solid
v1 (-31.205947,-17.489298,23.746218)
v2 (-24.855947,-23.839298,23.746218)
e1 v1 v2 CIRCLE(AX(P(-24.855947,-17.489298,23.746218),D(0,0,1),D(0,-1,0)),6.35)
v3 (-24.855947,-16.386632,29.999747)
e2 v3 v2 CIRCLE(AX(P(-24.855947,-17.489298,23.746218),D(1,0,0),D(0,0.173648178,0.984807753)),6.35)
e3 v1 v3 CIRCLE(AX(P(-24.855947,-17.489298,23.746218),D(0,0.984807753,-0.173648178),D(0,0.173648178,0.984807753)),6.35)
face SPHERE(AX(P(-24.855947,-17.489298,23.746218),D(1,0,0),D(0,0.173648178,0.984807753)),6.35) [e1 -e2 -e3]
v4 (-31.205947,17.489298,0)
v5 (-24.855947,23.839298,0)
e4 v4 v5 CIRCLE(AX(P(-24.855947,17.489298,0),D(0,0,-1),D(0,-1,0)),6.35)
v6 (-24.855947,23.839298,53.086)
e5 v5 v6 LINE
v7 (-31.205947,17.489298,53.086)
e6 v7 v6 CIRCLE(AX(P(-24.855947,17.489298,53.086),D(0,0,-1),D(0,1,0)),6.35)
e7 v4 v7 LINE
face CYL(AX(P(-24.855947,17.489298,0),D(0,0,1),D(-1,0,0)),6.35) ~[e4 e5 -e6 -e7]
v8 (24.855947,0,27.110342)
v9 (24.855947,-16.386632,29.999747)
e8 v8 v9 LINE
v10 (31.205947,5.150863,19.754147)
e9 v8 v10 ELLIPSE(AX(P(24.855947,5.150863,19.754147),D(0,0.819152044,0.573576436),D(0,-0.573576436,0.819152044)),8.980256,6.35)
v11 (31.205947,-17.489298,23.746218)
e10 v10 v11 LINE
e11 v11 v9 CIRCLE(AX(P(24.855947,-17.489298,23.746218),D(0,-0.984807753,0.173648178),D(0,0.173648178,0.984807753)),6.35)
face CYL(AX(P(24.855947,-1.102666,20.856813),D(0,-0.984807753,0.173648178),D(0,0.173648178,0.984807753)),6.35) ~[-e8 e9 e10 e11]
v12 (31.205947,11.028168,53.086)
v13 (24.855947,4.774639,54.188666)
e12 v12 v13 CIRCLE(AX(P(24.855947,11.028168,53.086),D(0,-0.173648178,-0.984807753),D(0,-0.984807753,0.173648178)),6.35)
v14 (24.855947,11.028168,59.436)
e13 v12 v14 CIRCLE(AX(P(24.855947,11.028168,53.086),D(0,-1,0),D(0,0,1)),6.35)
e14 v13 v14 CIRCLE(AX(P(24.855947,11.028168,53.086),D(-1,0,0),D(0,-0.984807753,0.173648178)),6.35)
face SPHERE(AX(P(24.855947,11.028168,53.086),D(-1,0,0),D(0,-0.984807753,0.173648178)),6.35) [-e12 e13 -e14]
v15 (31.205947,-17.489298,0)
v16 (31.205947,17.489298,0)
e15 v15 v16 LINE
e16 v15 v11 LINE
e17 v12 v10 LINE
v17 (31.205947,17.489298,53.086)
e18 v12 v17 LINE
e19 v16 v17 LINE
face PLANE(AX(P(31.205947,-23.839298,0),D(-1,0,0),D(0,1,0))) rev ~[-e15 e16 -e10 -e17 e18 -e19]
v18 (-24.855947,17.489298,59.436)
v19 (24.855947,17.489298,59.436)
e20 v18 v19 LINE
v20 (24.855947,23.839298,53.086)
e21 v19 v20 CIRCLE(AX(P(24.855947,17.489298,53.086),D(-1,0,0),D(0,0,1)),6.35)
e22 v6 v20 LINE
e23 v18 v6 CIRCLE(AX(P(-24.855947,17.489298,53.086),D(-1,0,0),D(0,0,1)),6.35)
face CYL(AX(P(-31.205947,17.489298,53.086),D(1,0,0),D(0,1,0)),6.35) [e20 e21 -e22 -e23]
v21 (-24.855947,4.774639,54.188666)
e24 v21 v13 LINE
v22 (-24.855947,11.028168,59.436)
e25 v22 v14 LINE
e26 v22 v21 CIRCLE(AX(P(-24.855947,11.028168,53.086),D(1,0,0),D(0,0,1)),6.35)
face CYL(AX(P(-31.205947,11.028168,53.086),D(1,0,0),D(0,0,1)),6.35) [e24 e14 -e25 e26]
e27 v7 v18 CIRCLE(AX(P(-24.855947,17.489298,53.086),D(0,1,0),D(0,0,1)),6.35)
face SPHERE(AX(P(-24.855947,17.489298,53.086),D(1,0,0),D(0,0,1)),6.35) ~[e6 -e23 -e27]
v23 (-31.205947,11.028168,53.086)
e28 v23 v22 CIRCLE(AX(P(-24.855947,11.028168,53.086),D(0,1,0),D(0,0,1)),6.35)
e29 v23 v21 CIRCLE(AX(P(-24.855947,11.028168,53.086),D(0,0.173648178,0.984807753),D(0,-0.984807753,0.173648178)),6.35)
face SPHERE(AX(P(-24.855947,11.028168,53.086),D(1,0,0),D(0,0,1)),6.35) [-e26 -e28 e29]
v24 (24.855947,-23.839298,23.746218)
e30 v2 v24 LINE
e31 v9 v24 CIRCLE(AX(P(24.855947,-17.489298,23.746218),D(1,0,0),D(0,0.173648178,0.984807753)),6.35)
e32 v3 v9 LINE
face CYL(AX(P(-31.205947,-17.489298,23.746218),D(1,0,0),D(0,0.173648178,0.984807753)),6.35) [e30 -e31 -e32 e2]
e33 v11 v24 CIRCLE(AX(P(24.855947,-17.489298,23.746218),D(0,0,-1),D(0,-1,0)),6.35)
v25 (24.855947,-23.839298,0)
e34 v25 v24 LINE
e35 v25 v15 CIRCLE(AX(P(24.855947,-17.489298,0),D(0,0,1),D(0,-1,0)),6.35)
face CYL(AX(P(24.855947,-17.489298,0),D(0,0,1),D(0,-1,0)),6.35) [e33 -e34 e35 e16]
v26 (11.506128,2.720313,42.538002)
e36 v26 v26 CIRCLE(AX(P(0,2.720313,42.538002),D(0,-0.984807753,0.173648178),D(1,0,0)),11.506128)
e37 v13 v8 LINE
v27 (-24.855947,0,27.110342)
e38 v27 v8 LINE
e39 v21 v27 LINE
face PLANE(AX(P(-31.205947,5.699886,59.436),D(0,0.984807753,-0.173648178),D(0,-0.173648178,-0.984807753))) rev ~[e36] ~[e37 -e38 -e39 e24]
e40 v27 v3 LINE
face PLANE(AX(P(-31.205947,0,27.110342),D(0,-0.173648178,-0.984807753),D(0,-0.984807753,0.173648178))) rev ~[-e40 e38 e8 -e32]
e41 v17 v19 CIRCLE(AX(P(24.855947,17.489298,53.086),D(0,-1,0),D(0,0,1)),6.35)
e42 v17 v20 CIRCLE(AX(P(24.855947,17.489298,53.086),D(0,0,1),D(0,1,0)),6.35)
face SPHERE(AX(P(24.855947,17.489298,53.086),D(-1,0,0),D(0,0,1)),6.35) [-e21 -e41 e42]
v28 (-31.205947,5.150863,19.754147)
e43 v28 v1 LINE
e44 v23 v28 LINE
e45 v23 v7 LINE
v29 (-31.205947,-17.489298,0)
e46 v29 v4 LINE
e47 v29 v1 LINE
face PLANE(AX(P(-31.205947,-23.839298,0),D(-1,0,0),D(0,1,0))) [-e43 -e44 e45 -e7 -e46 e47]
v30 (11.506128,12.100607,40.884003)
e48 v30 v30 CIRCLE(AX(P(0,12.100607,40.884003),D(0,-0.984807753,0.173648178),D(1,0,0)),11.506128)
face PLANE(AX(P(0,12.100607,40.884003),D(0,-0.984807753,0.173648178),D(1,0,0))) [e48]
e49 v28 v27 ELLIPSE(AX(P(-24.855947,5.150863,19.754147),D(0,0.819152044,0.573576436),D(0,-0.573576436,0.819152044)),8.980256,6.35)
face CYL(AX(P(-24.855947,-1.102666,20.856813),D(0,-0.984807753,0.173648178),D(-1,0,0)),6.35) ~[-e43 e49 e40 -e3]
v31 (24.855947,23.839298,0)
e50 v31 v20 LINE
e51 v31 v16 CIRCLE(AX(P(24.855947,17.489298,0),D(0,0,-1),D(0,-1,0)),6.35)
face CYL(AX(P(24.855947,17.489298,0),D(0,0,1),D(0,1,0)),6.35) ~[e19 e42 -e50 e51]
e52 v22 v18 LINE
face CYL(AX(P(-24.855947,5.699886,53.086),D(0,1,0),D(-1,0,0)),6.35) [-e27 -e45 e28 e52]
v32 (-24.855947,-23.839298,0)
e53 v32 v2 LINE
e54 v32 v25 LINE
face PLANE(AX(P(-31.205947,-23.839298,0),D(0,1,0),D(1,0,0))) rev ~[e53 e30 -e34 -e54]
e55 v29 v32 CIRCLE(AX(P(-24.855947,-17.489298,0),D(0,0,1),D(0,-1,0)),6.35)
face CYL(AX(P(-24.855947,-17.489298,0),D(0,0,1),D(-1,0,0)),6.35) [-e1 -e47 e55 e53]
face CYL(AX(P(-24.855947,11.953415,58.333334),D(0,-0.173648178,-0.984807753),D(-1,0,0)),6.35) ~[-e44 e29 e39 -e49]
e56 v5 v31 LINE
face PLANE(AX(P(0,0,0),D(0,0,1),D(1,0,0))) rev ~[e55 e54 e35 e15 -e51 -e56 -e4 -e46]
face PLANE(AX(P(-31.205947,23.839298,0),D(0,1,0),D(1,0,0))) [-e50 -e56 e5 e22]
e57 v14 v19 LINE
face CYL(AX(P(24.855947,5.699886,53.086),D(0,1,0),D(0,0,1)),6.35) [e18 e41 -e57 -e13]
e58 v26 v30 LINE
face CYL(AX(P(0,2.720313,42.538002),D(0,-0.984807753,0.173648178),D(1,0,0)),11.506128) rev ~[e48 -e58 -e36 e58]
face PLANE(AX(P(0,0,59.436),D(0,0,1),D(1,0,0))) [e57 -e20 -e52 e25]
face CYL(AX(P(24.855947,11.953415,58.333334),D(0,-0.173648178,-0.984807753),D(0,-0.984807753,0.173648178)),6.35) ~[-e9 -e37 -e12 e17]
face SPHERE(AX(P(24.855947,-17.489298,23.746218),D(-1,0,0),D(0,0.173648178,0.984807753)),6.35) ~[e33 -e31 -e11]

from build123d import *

# Parameters (mm, degrees)
F0_W     = 62.4118931592
F0_H     = 47.6785954088
F1_DEPTH = 59.436
F3_DEPTH = 62.4128931592
F4_R     = 11.5061278917
F5_DEPTH = 9.525
F6_R     = 6.35


with BuildPart() as f1:
    # F0 (on Top) → F1 (new body)
    with BuildSketch(Plane.XY):
        Rectangle(F0_W, F0_H)
    extrude(amount=F1_DEPTH)

    # F2 (on face) → F3 (cut, through all)
    with BuildSketch(Plane(origin=(-31.2059465796, 0, 0), x_dir=(0, -1, 0), z_dir=(-1, 0, 0))):
        Polygon((23.8392977044, 59.436), (-5.6998856858, 59.436), (0, 27.1103419363), (23.8392977044, 31.3138533228), align=None)
    extrude(amount=-F3_DEPTH, mode=Mode.SUBTRACT)

    # F4 (on face) → F5 (cut)
    with BuildSketch(Plane(origin=(0, -4.6361415173, 0.8174768359), x_dir=(1, 0, 0), z_dir=(0, -0.984807753, 0.1736481777))):
        with Locations((0, 42.3641316593)):
            Circle(F4_R)
    extrude(amount=-F5_DEPTH, mode=Mode.SUBTRACT)

    # F6
    f6_edges = [f1.edges().sort_by_distance(p)[0] for p in [
        (0, 23.839298, 59.436),
        (31.205947, 14.769592, 59.436),
        (0, 5.699886, 59.436),
        (-31.205947, 14.769592, 59.436),
        (-31.205947, -23.839298, 15.656927),
        (31.205947, -23.839298, 15.656927),
        (0, -23.839298, 31.313853),
        (-31.205947, -11.919649, 29.212098),
        (-31.205947, 2.849943, 43.273171),
        (31.205947, -11.919649, 29.212098),
        (31.205947, 2.849943, 43.273171),
        (31.205947, 23.839298, 29.718),
        (-31.205947, 23.839298, 29.718),
    ]]
    fillet(f6_edges, radius=F6_R)


solid = f1.part
